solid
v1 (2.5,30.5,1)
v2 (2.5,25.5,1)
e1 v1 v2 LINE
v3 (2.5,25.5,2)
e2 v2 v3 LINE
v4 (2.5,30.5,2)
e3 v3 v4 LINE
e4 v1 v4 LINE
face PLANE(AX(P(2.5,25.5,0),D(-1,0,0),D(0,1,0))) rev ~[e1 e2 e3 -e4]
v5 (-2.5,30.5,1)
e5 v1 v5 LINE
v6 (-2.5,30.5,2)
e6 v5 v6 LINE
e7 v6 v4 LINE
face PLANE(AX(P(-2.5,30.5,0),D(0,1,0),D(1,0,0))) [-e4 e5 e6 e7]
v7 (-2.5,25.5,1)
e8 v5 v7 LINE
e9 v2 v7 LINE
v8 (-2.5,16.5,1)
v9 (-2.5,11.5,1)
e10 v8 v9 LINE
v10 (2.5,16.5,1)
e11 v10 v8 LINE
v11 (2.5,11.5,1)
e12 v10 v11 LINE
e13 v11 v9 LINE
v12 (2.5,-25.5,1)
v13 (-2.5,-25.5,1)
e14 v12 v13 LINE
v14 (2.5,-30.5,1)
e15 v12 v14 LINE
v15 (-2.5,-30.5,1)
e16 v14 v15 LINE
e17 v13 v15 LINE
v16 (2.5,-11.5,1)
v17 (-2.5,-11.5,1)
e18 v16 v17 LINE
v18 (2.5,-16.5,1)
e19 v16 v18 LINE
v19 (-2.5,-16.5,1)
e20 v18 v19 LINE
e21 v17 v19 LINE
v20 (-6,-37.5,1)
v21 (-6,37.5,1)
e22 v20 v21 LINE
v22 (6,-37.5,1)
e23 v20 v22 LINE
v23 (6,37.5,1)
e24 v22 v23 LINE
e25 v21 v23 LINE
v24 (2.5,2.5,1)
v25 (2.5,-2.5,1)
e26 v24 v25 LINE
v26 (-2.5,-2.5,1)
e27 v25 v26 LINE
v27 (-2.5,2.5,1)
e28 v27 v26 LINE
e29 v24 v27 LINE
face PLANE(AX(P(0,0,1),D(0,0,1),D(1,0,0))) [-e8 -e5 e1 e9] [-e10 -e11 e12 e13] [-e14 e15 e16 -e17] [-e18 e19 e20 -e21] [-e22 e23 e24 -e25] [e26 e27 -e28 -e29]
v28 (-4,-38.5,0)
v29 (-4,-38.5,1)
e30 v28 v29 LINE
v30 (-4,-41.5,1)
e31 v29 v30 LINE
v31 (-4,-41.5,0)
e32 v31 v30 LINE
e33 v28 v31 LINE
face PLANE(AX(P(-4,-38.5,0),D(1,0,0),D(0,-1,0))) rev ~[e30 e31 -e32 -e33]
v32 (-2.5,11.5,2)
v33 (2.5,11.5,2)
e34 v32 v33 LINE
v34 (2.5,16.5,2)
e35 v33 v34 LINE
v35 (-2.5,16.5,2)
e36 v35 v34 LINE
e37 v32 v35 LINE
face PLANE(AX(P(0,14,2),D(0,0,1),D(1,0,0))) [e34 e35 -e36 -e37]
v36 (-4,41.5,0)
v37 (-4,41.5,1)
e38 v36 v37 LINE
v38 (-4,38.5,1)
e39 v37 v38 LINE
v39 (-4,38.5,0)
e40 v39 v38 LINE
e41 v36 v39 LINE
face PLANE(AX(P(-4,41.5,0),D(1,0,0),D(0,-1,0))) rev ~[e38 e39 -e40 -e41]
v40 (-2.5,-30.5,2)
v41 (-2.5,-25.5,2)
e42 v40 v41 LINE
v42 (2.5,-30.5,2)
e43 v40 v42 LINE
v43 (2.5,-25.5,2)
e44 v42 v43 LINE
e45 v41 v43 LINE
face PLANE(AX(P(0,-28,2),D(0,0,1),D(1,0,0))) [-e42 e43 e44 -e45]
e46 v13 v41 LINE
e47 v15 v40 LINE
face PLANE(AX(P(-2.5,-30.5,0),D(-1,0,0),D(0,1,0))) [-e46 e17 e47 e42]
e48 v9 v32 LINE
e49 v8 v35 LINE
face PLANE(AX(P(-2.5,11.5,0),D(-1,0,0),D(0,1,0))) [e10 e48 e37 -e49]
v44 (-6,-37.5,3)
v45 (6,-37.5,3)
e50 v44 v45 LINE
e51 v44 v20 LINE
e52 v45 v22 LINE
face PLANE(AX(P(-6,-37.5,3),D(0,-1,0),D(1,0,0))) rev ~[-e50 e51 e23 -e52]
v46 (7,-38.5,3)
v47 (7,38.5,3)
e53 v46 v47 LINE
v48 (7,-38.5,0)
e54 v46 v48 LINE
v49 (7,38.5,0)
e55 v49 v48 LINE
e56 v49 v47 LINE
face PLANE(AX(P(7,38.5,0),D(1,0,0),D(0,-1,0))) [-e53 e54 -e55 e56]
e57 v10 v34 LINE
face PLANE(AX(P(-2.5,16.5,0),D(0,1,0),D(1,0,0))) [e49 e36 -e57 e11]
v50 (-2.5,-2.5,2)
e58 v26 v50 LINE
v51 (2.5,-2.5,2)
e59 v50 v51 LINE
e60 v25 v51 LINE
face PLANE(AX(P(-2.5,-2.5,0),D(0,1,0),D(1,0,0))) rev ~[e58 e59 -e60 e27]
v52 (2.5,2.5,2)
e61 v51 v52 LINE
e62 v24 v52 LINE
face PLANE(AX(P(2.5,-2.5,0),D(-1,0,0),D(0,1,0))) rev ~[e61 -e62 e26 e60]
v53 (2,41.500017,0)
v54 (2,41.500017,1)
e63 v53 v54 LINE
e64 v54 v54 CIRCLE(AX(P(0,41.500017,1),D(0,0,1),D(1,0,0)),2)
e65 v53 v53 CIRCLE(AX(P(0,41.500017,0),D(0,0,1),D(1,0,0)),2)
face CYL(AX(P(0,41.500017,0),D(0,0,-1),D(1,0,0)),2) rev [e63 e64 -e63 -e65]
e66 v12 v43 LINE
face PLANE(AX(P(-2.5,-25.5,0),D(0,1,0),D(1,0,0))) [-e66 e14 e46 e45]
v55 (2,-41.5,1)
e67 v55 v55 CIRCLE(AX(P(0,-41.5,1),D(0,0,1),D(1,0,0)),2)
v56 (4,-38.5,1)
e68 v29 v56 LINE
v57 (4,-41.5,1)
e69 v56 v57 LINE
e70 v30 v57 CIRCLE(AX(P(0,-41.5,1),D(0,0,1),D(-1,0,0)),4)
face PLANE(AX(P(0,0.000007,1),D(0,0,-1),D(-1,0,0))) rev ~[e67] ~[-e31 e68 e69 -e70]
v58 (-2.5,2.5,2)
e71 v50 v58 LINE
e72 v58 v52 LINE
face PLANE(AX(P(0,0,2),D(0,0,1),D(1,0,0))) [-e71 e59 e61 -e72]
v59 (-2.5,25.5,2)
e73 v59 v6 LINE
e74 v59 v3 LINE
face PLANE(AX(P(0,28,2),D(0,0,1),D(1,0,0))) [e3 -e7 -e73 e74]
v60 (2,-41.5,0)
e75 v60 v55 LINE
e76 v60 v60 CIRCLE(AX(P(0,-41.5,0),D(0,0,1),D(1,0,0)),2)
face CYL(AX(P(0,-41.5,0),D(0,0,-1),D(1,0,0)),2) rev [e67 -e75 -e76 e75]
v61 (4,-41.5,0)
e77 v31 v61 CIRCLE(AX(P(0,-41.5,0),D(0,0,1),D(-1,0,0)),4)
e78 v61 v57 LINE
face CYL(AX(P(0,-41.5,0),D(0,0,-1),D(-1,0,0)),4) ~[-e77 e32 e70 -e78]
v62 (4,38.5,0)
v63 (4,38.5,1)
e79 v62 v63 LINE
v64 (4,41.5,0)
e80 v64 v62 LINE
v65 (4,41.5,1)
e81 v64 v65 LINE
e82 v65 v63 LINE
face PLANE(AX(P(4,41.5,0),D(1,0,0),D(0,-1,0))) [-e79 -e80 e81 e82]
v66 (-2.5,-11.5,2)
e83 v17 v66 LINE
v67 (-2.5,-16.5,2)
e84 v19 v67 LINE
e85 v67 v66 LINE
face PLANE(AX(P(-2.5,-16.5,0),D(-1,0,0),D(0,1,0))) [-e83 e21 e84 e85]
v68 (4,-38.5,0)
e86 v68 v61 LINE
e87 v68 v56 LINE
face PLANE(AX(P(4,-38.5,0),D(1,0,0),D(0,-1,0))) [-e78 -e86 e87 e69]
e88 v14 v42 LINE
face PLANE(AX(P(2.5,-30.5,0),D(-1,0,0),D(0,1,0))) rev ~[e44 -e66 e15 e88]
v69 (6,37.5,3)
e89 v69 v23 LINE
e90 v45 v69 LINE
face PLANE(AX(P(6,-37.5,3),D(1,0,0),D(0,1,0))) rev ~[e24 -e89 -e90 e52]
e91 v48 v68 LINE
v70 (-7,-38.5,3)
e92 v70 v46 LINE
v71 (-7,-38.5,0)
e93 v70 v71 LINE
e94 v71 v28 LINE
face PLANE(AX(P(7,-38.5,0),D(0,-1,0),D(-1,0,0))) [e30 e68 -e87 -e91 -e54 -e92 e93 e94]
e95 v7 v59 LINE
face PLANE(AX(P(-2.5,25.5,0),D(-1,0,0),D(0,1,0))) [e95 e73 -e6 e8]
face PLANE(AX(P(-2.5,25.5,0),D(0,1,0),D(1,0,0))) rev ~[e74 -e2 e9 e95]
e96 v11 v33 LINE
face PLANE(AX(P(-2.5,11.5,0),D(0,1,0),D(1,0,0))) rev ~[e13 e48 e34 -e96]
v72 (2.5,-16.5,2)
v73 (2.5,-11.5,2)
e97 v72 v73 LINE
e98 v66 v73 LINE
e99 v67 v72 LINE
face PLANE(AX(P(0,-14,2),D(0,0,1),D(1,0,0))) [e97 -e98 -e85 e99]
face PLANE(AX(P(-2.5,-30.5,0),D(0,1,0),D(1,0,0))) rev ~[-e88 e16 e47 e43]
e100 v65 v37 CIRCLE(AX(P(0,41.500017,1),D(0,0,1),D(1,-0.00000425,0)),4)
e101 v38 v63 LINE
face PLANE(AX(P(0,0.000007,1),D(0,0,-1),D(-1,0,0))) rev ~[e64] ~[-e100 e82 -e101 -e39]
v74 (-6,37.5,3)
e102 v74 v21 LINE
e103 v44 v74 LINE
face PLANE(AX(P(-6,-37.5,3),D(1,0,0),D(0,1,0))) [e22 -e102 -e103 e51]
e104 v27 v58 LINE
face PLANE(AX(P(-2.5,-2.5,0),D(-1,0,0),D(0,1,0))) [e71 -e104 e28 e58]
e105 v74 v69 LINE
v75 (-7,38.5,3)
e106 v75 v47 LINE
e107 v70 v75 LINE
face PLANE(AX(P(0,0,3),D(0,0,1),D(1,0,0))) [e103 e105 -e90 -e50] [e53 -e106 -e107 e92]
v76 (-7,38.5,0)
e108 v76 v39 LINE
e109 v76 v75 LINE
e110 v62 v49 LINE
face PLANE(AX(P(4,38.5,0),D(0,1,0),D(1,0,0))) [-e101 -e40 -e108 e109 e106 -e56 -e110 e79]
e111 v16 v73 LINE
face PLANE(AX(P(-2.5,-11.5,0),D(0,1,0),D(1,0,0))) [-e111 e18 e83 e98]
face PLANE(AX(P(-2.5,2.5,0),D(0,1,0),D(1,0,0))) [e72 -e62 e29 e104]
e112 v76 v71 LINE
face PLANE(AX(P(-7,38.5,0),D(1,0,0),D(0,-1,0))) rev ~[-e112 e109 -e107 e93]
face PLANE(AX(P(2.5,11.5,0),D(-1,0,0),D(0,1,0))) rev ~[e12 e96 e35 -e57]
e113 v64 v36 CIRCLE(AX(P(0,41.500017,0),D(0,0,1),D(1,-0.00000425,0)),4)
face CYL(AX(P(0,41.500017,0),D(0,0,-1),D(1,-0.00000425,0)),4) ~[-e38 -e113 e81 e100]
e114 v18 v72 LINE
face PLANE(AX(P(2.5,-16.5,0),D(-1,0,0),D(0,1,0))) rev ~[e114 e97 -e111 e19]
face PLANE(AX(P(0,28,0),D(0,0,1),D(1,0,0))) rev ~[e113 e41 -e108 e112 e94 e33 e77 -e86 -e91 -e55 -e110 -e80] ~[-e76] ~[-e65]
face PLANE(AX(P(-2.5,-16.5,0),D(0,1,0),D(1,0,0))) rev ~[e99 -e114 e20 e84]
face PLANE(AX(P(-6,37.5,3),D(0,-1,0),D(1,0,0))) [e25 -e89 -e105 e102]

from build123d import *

# Parameters (mm, degrees)
SKETCH_R     = 2
PAD_DEPTH    = 1
SKETCH001_W  = 14
SKETCH001_H  = 77
PAD001_DEPTH = 3
SKETCH002_W  = 12
SKETCH002_H  = 75
POCKET_DEPTH = 2
SKETCH003_W  = 5
SKETCH003_H  = 5
PAD002_DEPTH = 2


with BuildPart() as part:
    # Sketch → Pad (new body)
    with BuildSketch(Plane.XY):
        with BuildLine():
            Line((7, 38.5), (7, -38.5))
            Line((7, -38.5), (4, -38.5))
            Line((4, -38.5), (4, -41.5))
            ThreePointArc((-4, -41.5), (0, -45.5), (4, -41.5))
            Line((-4, -38.5), (-4, -41.5))
            Line((-7, -38.5), (-4, -38.5))
            Line((-7, 38.5), (-7, -38.5))
            Line((-7, 38.5), (-4, 38.5))
            Line((-4, 41.5), (-4, 38.5))
            ThreePointArc((4, 41.5), (0, 45.500017), (-4, 41.5))
            Line((4, 41.5), (4, 38.5))
            Line((4, 38.5), (7, 38.5))
        make_face()
        with Locations((0, -41.5)):
            Circle(SKETCH_R, mode=Mode.SUBTRACT)
        with Locations((0, 41.500017)):
            Circle(SKETCH_R, mode=Mode.SUBTRACT)
    extrude(amount=PAD_DEPTH)

    # Sketch001 → Pad001 (join)
    with BuildSketch(Plane.XY):
        Rectangle(SKETCH001_W, SKETCH001_H)
    extrude(amount=PAD001_DEPTH)

    # Sketch002 (on Face17 of Pad001) → Pocket (cut)
    with BuildSketch(Plane.XY.offset(3)):
        Rectangle(SKETCH002_W, SKETCH002_H)
    extrude(amount=-POCKET_DEPTH, mode=Mode.SUBTRACT)

    # Sketch003 → Pad002 (join)
    with BuildSketch(Plane.XY):
        with Locations((0, 28)):
            Rectangle(SKETCH003_W, SKETCH003_H)
        with Locations((0, 14)):
            Rectangle(SKETCH003_W, SKETCH003_H)
        Rectangle(SKETCH003_W, SKETCH003_H)
        with Locations((0, -14)):
            Rectangle(SKETCH003_W, SKETCH003_H)
        with Locations((0, -28)):
            Rectangle(SKETCH003_W, SKETCH003_H)
    extrude(amount=PAD002_DEPTH)


solid = part.part
